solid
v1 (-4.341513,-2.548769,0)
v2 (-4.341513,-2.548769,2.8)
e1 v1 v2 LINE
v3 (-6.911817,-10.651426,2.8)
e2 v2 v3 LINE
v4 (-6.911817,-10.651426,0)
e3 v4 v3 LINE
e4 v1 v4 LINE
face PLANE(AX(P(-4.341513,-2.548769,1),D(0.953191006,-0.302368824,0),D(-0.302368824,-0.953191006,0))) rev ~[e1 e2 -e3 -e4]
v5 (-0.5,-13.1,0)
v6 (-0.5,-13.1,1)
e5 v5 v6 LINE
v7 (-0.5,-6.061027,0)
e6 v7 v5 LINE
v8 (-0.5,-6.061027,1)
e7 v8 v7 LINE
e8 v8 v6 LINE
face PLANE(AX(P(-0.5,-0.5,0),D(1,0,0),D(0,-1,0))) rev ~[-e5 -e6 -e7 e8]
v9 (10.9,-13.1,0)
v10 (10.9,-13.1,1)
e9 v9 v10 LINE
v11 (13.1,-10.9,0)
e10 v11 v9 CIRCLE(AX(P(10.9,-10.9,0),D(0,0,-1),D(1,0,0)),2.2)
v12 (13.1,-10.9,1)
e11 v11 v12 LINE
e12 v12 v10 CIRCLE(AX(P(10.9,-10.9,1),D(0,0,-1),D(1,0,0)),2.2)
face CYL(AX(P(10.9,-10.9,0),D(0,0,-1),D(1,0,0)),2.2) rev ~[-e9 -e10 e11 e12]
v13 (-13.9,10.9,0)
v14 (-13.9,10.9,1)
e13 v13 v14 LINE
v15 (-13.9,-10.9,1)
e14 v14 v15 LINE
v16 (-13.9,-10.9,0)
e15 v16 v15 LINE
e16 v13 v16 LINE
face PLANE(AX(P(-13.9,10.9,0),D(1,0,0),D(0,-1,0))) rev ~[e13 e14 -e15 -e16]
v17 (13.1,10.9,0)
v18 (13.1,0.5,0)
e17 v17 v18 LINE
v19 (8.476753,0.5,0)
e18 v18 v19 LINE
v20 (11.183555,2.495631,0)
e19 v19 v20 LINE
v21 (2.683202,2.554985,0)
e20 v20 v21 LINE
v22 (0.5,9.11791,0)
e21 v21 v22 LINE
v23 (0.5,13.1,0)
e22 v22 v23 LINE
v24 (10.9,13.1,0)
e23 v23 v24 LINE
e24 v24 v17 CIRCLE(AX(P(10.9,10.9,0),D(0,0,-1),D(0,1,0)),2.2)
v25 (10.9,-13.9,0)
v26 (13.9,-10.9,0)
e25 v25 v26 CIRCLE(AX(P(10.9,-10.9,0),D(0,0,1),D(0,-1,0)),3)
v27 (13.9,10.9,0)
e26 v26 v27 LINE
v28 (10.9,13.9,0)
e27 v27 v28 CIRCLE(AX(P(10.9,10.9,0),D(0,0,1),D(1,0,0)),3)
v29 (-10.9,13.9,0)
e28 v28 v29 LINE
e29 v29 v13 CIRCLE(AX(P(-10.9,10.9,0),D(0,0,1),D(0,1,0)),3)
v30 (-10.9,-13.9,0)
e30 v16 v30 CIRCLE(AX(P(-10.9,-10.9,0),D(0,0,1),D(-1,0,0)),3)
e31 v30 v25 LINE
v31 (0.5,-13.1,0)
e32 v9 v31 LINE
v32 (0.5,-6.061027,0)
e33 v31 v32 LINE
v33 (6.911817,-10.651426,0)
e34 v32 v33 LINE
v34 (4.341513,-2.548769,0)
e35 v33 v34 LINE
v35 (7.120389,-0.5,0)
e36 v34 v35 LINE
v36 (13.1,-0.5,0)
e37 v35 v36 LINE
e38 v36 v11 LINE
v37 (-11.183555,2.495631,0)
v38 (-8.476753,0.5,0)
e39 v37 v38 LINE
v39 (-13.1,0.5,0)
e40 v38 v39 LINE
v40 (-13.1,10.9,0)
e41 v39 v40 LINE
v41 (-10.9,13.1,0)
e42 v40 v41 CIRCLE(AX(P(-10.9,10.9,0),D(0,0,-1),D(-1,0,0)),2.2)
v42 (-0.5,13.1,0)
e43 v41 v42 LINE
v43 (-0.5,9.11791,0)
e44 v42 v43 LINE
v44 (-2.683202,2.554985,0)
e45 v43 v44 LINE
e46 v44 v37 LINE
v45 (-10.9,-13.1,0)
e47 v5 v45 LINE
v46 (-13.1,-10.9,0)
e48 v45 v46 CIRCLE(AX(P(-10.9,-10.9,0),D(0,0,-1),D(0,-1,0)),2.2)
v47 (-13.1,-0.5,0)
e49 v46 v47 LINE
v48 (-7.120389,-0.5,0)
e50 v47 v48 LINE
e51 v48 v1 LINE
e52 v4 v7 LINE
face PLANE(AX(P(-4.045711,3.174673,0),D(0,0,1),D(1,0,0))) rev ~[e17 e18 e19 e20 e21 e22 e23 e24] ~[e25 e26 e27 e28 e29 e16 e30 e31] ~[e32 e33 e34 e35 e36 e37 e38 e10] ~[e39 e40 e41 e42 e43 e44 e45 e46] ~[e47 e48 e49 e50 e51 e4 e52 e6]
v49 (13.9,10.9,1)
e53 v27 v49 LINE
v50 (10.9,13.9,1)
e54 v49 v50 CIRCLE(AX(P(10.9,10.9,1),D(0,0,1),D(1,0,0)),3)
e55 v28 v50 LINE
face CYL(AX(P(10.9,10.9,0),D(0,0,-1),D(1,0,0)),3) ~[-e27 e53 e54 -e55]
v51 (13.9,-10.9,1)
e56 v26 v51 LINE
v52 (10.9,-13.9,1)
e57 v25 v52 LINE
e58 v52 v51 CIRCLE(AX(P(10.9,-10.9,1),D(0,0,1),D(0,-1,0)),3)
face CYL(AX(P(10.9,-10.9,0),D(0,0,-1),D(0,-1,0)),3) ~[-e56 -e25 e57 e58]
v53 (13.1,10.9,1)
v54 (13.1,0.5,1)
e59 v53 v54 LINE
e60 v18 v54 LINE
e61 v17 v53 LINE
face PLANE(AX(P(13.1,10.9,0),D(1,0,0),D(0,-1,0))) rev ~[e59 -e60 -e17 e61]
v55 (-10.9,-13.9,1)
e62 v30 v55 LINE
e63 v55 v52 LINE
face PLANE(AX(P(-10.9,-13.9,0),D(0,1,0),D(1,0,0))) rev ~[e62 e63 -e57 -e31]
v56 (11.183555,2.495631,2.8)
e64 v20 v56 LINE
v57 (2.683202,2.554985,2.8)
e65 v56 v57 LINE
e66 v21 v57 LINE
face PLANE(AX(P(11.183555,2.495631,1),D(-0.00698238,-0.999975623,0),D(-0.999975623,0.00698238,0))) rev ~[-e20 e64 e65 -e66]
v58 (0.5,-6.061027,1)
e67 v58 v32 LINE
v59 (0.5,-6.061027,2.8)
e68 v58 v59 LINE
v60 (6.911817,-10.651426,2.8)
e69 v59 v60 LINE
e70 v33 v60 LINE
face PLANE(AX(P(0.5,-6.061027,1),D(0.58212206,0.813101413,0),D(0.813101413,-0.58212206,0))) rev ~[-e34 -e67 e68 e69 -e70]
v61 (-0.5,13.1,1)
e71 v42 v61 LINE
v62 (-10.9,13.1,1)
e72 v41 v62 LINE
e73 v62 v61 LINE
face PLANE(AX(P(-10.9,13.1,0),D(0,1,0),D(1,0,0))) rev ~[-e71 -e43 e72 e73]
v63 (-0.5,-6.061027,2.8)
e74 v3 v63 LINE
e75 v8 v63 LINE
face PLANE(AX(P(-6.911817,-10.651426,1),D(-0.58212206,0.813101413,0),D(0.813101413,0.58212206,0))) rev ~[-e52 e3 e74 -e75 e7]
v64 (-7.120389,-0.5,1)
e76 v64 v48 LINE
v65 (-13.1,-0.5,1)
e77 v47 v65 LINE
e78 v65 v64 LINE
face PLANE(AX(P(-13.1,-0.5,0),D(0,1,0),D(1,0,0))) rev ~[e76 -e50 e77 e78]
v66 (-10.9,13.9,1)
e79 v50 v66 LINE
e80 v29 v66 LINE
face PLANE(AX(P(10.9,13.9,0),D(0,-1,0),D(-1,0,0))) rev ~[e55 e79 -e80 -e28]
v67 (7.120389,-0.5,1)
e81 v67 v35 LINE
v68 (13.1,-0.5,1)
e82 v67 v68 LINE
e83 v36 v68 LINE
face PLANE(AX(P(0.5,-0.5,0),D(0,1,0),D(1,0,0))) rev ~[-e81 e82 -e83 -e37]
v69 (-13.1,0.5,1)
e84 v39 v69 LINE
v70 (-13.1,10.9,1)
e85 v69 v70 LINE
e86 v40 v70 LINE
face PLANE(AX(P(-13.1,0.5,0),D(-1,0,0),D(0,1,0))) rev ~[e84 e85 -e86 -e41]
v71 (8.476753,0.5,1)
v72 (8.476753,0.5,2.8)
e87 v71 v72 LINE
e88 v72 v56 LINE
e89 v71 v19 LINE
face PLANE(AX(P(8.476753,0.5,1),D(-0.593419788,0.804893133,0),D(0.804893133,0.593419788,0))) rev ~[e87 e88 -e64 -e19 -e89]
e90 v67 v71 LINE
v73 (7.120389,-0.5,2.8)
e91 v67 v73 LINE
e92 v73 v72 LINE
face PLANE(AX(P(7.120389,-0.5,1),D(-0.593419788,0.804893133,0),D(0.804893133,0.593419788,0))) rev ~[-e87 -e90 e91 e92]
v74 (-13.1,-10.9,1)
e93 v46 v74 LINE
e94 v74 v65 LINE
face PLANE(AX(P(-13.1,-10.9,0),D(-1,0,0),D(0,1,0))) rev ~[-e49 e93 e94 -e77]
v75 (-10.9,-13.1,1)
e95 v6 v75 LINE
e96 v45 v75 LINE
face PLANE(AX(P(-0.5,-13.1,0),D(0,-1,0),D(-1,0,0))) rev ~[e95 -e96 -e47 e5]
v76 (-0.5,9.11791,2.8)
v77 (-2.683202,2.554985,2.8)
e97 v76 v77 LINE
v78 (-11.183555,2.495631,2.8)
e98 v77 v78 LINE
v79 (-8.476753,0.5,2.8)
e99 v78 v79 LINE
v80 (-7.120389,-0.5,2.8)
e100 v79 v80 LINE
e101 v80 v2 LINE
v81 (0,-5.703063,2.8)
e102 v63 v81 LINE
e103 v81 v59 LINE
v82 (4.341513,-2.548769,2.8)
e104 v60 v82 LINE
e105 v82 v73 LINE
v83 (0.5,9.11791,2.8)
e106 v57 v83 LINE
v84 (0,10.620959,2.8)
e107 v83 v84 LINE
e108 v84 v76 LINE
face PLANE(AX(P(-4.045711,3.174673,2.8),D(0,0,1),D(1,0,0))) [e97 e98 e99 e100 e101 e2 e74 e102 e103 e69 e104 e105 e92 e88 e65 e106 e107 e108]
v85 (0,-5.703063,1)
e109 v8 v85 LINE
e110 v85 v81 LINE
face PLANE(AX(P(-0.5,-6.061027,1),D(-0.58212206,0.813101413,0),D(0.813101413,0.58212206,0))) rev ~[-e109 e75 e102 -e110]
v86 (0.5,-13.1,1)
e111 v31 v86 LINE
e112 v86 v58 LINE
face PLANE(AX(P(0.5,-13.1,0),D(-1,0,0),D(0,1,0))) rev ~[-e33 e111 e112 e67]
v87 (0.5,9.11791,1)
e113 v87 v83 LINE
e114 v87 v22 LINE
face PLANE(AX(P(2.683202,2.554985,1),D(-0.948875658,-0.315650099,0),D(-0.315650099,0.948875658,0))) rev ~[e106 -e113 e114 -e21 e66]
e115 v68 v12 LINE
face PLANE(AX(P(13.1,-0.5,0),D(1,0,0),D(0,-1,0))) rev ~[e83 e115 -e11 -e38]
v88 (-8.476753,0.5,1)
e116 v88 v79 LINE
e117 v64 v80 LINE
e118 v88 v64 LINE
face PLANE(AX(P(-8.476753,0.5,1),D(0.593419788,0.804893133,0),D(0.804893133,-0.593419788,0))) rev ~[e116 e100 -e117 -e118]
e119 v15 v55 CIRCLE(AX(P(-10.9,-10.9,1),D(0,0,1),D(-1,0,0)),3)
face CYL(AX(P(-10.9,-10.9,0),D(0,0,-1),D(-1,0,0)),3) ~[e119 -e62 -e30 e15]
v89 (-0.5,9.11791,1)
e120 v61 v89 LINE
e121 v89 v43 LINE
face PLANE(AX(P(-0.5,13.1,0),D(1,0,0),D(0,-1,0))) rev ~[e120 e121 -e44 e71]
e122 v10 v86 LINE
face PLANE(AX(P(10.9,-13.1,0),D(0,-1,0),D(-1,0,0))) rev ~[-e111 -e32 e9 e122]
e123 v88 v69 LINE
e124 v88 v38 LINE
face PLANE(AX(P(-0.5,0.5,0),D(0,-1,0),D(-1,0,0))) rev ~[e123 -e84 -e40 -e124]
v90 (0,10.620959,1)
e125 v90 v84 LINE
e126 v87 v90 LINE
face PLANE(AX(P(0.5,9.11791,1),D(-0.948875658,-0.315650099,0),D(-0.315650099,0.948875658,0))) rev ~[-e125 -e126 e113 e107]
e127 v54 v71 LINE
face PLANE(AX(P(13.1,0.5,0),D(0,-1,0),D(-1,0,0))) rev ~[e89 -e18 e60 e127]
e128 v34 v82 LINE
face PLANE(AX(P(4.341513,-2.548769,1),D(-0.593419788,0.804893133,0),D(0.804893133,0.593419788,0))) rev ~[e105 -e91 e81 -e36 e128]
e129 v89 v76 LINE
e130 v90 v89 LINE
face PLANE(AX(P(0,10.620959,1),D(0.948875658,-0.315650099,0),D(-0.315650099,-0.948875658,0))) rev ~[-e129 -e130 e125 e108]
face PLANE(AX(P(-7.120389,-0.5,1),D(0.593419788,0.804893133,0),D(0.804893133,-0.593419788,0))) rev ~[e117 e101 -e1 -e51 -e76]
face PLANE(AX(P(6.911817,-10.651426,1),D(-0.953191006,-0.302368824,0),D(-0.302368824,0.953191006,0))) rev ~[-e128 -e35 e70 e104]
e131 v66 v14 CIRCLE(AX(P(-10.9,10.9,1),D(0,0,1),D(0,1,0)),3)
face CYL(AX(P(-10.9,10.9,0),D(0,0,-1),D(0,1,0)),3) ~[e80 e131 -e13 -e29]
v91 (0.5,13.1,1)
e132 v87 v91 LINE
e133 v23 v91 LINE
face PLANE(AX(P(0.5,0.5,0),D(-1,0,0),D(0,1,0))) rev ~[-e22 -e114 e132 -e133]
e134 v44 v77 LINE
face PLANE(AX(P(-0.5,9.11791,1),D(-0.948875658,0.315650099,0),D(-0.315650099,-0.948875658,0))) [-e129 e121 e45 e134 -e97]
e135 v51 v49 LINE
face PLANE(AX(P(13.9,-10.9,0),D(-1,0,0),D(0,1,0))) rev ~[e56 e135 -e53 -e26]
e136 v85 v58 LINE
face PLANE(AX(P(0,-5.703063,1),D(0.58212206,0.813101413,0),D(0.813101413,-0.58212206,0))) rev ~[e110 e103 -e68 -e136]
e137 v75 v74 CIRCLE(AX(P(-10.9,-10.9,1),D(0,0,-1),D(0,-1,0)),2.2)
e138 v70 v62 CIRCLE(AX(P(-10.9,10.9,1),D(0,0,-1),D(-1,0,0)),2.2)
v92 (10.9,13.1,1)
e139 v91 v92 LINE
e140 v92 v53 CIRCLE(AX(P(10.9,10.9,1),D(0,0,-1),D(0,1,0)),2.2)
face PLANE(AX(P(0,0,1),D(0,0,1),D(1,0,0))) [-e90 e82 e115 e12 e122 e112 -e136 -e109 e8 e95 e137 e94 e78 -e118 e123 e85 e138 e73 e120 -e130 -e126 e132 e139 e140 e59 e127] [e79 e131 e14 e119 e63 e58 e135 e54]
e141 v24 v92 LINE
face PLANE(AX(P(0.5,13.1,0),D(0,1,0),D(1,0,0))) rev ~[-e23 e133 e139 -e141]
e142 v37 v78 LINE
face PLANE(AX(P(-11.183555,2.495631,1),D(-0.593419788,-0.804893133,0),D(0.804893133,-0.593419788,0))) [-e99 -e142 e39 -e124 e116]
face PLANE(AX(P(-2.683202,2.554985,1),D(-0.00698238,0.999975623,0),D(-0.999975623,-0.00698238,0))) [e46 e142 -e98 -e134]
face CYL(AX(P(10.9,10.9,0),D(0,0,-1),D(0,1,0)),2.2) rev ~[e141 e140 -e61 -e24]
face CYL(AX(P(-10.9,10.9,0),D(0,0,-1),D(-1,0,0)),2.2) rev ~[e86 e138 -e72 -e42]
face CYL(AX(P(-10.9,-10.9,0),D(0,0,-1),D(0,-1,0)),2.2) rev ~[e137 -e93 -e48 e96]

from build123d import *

# Parameters (mm, degrees)
F1_DEPTH = 1
F3_DEPTH = 1.8
F4_DEPTH = 1


with BuildPart() as f1:
    # F0 (on Top) → F1 (new body)
    with BuildSketch(Plane.XY):
        with BuildLine():
            ThreePointArc((-10.9, 13.9), (-13.0213203436, 13.0213203436), (-13.9, 10.9))
            Line((-13.9, 10.9), (-13.9, -10.9))
            ThreePointArc((-13.9, -10.9), (-13.0213203436, -13.0213203436), (-10.9, -13.9))
            Line((-10.9, -13.9), (10.9, -13.9))
            ThreePointArc((10.9, -13.9), (13.0213203436, -13.0213203436), (13.9, -10.9))
            Line((13.9, -10.9), (13.9, 10.9))
            ThreePointArc((13.9, 10.9), (13.0213203436, 13.0213203436), (10.9, 13.9))
            Line((10.9, 13.9), (-10.9, 13.9))
        make_face()
        with BuildLine():
            Line((-13.1, -0.5), (-0.5, -0.5))
            Line((-0.5, -0.5), (-0.5, -13.1))
            Line((-0.5, -13.1), (-10.9, -13.1))
            ThreePointArc((-10.9, -13.1), (-12.4556349186, -12.4556349186), (-13.1, -10.9))
            Line((-13.1, -10.9), (-13.1, -0.5))
        make_face(mode=Mode.SUBTRACT)
        with BuildLine():
            Line((10.9, -13.1), (0.5, -13.1))
            Line((0.5, -13.1), (0.5, -0.5))
            Line((0.5, -0.5), (13.1, -0.5))
            Line((13.1, -0.5), (13.1, -10.9))
            ThreePointArc((13.1, -10.9), (12.4556349186, -12.4556349186), (10.9, -13.1))
        make_face(mode=Mode.SUBTRACT)
        with BuildLine():
            Line((-10.9, 13.1), (-0.5, 13.1))
            Line((-0.5, 13.1), (-0.5, 0.5))
            Line((-0.5, 0.5), (-13.1, 0.5))
            Line((-13.1, 0.5), (-13.1, 10.9))
            ThreePointArc((-13.1, 10.9), (-12.4556349186, 12.4556349186), (-10.9, 13.1))
        make_face(mode=Mode.SUBTRACT)
        with BuildLine():
            Line((13.1, 10.9), (13.1, 0.5))
            Line((13.1, 0.5), (0.5, 0.5))
            Line((0.5, 0.5), (0.5, 13.1))
            Line((0.5, 13.1), (10.9, 13.1))
            ThreePointArc((10.9, 13.1), (12.4556349186, 12.4556349186), (13.1, 10.9))
        make_face(mode=Mode.SUBTRACT)
    extrude(amount=F1_DEPTH)

    # F2 (on face) → F3 (join)
    with BuildSketch(Plane.XY.offset(1)):
        Polygon((-2.6832024986, 2.5549852797), (-11.1835549314, 2.4956311428), (-8.4767530422, 0.5), (-0.5, 0.5), (-0.5, 9.1179095817), align=None)
        Polygon((-0.5, 0.5), (-8.4767530422, 0.5), (-7.1203892177, -0.5), (-0.5, -0.5), (-0.5, -6.061026872), (0, -5.7030628772), (0.5, -6.061026872), (0.5, -0.5), (7.1203892177, -0.5), (8.4767530422, 0.5), (0.5, 0.5), (0.5, 9.1179095817), (0, 10.6209594147), (-0.5, 9.1179095817), align=None)
        Polygon((2.6832024986, 2.5549852797), (0.5, 9.1179095817), (0.5, 0.5), (8.4767530422, 0.5), (11.1835549314, 2.4956311428), align=None)
        Polygon((0.5, -0.5), (0.5, -6.061026872), (6.9118170627, -10.651426171), (4.3415128415, -2.548769162), (7.1203892177, -0.5), align=None)
        Polygon((-0.5, -0.5), (-7.1203892177, -0.5), (-4.3415128415, -2.548769162), (-6.9118170627, -10.651426171), (-0.5, -6.061026872), align=None)
    extrude(amount=F3_DEPTH)

    # F4 (add): faces of the model
    f4_faces = [f1.faces().sort_by_distance(p)[0] for p in [
        (-4.0960108107, 2.4354750497, 1),
        (-3.3222149953, -4.5114296876, 1),
        (3.3222149953, -4.5114296876, 1),
        (4.0960108107, 2.4354750497, 1),
    ]]
    extrude(f4_faces, amount=F4_DEPTH)


solid = f1.part
